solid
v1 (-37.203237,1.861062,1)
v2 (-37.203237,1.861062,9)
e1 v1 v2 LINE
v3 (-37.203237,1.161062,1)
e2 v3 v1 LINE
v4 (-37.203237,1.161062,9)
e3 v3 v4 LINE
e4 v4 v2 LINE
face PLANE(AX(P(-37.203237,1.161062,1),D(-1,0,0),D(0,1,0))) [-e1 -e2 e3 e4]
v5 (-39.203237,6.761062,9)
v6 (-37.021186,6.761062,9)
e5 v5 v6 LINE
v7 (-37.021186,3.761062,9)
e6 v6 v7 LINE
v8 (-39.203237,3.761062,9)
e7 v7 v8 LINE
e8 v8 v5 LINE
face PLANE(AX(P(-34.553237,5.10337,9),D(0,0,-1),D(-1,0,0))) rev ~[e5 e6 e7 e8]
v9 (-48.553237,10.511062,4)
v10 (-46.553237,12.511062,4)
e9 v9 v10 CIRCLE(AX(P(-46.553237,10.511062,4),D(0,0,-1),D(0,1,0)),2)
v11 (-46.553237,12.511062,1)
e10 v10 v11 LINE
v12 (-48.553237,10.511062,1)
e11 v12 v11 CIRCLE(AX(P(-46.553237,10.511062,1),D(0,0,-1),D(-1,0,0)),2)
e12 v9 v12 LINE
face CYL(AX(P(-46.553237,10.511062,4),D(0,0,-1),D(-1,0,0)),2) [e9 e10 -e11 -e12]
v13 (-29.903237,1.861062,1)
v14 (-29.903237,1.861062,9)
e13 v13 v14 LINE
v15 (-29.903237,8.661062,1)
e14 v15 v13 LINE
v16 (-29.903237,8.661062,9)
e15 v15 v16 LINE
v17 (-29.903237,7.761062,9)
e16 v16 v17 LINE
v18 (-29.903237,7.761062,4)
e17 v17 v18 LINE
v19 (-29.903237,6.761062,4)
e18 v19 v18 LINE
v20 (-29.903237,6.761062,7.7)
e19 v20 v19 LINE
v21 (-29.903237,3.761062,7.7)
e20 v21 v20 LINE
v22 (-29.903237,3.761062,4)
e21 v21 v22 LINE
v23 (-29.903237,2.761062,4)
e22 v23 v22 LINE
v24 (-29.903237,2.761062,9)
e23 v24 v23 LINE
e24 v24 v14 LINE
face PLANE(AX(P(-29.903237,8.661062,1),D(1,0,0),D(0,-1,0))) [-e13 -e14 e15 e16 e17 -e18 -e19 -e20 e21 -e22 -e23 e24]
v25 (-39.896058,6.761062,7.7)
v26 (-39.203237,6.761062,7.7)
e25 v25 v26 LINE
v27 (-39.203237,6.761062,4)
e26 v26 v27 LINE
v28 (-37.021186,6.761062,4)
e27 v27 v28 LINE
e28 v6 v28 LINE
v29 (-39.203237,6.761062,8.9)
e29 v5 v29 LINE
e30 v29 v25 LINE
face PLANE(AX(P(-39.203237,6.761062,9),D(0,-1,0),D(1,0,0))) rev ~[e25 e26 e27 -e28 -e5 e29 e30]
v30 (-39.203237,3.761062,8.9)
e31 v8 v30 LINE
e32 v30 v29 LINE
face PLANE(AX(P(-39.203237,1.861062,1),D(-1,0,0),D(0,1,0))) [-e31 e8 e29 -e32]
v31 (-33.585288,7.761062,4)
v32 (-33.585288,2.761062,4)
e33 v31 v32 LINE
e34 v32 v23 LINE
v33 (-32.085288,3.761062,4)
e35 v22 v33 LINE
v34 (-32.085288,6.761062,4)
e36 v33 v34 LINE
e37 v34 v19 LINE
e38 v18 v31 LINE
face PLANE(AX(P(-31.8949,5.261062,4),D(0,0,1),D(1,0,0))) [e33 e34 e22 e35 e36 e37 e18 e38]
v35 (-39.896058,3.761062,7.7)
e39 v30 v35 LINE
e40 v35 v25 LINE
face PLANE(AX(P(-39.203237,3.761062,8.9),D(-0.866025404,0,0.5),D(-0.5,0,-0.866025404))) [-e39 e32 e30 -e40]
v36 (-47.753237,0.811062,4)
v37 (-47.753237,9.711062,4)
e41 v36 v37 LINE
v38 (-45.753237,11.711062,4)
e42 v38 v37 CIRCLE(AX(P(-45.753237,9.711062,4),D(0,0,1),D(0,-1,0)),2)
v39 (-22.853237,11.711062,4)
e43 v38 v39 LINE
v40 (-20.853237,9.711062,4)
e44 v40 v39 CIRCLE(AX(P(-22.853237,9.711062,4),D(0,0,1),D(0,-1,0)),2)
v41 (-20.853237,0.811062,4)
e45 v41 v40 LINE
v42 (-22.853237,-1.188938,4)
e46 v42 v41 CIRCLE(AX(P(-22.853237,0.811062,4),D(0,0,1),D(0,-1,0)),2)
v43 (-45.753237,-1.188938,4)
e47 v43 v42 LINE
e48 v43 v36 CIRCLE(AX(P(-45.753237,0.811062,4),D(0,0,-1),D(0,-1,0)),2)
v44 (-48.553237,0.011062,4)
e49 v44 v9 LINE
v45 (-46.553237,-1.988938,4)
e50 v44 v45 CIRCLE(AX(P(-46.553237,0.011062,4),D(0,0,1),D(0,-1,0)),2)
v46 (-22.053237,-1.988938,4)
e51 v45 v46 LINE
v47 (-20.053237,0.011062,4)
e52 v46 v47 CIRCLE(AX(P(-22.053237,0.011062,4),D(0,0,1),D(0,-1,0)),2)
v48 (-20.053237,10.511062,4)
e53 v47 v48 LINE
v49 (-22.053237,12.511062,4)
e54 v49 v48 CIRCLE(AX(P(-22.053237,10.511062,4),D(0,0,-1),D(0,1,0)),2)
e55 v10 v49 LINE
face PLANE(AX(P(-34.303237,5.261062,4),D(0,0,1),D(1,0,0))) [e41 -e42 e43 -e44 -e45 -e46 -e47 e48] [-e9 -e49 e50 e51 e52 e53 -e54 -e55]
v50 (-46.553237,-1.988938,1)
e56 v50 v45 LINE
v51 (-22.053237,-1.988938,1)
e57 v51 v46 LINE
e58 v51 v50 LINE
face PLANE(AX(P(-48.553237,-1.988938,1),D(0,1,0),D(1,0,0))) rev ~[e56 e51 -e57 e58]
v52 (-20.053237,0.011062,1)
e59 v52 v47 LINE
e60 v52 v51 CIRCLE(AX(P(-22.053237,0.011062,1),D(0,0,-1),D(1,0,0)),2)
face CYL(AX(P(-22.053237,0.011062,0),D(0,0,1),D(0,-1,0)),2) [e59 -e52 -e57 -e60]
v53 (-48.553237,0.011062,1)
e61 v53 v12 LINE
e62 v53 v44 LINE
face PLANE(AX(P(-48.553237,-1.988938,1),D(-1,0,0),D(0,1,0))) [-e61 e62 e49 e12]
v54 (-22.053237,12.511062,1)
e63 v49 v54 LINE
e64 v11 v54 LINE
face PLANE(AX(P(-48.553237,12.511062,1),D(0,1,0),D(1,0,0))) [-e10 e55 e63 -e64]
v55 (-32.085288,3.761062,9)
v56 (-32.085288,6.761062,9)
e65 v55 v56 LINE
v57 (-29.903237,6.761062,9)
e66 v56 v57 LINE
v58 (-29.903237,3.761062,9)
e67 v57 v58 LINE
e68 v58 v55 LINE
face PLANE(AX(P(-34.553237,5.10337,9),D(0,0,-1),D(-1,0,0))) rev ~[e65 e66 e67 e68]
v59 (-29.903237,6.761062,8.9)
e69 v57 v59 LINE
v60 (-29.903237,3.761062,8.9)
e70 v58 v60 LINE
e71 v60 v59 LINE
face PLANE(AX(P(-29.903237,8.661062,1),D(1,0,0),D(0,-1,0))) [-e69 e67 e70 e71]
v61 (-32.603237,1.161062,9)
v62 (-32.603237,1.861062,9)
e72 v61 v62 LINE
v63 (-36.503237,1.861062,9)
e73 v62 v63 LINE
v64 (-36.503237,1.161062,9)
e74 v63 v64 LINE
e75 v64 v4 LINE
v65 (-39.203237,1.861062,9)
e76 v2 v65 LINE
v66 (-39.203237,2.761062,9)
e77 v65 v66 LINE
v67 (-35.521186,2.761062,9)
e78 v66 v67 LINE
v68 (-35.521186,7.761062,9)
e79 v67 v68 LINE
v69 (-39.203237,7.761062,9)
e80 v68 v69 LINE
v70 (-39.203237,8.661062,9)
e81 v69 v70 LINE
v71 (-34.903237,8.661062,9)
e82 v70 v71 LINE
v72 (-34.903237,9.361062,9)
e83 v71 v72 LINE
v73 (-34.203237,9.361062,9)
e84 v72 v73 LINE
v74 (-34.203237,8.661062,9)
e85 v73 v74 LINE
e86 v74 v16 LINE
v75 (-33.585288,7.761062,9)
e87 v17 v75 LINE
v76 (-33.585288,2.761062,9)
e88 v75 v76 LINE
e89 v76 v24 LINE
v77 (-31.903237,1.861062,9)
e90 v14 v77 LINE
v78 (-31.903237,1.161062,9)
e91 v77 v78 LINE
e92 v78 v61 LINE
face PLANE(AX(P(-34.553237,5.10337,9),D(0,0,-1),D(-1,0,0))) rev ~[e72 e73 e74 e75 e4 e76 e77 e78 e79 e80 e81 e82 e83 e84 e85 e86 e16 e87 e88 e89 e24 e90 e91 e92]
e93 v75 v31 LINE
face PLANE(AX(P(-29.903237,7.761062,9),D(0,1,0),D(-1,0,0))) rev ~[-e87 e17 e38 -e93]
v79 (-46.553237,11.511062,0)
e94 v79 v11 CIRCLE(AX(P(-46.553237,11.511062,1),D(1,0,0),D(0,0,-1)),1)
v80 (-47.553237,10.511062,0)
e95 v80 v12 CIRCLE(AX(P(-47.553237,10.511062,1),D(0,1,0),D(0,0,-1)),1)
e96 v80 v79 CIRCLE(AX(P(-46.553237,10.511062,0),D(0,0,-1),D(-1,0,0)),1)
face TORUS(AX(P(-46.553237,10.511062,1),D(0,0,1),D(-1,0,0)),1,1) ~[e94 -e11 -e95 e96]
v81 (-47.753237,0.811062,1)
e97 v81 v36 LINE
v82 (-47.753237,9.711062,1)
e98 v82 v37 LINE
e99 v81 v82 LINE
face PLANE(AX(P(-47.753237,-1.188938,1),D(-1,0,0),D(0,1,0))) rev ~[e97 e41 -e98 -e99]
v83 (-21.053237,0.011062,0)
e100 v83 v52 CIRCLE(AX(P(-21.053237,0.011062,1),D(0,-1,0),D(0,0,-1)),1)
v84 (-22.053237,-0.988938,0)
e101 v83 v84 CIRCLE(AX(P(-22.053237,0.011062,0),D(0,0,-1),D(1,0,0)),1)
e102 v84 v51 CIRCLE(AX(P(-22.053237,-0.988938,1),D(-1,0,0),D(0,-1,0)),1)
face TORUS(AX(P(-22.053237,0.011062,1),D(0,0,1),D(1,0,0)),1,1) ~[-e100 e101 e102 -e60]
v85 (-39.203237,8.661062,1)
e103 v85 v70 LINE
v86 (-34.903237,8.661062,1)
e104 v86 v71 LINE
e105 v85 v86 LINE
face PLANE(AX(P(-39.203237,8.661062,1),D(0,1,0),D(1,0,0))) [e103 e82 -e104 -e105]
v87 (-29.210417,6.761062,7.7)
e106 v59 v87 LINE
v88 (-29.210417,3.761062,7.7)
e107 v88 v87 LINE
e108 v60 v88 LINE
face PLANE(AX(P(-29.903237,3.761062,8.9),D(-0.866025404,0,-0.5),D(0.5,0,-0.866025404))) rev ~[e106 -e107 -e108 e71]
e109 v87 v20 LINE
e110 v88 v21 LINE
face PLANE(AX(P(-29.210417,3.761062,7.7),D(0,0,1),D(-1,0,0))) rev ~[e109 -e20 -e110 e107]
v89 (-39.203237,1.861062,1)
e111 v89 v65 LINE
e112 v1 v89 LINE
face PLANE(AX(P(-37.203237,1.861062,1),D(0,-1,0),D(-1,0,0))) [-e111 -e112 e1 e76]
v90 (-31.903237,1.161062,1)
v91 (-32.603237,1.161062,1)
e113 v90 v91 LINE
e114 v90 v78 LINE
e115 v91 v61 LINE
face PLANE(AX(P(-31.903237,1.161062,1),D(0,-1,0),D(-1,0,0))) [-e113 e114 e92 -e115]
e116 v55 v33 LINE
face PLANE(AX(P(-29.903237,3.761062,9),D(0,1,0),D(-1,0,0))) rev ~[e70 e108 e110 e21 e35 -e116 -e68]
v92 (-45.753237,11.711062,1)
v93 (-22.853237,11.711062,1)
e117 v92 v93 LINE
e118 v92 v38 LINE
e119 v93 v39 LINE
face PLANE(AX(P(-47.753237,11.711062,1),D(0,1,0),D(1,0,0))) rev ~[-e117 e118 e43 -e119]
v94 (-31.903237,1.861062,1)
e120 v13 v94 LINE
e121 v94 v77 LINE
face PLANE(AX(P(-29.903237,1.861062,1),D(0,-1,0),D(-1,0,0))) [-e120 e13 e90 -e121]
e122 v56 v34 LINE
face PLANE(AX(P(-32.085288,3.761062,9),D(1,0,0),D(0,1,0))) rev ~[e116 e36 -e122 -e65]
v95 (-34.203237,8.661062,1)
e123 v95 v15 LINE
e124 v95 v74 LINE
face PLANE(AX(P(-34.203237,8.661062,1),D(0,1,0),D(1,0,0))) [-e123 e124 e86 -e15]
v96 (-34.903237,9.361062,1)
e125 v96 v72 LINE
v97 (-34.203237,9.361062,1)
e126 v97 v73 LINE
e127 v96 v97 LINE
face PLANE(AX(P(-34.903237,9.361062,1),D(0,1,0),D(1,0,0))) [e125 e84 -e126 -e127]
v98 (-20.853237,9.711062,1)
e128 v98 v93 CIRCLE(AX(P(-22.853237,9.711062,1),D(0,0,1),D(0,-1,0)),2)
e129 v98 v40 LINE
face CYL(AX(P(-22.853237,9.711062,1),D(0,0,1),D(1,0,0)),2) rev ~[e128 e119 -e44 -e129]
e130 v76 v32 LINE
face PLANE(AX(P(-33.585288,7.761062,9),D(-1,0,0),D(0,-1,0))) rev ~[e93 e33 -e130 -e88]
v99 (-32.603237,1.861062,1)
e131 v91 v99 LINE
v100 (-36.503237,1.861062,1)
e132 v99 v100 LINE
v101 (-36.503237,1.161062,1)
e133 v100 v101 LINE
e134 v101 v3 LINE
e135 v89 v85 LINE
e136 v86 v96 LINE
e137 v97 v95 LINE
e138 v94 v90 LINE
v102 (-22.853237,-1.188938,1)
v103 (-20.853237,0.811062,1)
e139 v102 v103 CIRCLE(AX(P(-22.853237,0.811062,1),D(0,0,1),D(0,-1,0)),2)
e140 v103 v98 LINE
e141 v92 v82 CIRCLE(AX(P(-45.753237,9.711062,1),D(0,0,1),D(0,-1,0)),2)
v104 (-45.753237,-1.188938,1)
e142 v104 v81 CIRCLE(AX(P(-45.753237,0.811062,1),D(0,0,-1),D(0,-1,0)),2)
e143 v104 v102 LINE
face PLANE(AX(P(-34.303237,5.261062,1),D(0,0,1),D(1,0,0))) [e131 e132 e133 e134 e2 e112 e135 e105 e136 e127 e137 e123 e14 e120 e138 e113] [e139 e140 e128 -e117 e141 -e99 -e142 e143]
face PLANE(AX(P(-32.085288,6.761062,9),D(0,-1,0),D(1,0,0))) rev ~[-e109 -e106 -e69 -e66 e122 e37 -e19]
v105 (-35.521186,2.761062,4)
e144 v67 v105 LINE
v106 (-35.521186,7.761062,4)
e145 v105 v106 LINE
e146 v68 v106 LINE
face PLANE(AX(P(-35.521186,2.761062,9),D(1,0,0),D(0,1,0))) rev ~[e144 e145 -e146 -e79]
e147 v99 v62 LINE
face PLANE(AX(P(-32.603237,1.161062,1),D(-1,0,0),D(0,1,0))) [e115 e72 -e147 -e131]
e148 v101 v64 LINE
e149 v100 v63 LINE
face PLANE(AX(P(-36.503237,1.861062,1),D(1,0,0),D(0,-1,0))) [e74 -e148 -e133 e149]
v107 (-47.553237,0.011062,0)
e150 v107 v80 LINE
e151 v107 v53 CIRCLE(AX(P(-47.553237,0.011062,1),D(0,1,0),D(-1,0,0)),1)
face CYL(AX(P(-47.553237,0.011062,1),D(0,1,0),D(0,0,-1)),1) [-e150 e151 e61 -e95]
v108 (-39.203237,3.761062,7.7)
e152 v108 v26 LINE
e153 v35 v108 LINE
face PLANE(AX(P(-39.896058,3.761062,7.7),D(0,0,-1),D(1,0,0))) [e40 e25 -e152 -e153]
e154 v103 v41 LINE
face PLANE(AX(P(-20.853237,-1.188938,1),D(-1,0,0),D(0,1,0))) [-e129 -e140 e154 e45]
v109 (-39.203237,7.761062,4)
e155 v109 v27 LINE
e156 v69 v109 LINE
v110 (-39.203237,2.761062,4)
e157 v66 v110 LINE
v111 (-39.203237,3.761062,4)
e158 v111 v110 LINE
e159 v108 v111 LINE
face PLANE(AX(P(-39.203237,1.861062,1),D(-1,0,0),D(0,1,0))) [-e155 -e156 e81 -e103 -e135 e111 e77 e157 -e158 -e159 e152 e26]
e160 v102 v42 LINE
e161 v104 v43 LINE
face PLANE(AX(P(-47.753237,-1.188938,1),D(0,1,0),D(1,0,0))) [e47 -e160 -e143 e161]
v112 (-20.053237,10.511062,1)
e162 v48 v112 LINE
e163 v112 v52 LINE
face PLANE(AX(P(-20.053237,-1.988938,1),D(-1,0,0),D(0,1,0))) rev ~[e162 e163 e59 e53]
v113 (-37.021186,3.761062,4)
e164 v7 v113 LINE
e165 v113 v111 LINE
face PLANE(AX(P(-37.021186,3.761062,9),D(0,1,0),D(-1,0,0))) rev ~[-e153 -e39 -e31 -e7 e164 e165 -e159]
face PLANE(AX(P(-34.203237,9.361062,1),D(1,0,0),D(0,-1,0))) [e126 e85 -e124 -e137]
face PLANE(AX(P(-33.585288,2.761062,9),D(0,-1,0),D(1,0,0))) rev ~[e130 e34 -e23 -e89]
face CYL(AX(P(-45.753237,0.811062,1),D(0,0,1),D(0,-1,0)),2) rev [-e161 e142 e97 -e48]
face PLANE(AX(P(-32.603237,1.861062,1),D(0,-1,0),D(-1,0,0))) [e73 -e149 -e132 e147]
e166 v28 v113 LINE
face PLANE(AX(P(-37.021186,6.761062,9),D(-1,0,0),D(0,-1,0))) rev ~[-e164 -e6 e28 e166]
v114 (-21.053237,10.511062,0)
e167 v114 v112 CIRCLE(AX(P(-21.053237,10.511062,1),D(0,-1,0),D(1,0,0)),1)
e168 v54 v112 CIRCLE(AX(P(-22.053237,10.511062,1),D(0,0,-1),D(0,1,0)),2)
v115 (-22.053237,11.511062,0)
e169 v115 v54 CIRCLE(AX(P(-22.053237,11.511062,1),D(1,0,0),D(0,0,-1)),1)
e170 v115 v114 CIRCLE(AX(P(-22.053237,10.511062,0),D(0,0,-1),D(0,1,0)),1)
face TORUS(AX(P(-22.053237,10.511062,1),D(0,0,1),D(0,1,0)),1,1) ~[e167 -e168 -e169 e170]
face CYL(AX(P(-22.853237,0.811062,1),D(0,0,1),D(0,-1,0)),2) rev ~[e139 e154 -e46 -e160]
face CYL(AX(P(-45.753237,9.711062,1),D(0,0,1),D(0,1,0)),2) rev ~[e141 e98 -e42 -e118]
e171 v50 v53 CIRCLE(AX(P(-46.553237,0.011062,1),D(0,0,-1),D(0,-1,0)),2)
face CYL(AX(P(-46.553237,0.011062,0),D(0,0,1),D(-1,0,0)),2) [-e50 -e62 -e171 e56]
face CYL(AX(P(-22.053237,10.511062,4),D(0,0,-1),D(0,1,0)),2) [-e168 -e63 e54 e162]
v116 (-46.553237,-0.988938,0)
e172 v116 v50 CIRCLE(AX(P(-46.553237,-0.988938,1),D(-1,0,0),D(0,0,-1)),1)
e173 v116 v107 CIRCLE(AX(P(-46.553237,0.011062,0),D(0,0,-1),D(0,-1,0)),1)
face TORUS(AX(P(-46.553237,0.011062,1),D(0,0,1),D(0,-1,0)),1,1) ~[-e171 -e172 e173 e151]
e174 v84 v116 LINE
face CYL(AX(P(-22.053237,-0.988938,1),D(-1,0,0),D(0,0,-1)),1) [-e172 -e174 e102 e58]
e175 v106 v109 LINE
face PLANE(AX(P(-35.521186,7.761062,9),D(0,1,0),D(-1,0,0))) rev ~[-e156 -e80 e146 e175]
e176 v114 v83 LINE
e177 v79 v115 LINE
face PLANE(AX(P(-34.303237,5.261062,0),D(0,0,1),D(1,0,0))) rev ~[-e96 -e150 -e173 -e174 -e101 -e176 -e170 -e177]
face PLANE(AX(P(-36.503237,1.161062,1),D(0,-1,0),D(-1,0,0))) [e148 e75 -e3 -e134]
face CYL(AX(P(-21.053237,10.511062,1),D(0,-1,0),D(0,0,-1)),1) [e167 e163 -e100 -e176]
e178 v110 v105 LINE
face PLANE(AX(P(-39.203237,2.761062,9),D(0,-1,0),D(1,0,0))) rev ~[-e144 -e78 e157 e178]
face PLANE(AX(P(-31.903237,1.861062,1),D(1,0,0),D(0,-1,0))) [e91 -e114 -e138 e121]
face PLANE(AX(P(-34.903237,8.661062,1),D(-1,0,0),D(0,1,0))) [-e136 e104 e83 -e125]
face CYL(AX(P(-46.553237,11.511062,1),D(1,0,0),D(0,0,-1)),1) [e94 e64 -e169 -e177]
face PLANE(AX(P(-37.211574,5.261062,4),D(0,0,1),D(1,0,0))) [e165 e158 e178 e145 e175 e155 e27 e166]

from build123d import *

# Parameters (mm, degrees)
CROQUIS1_W              = 28.5
CROQUIS1_H              = 14.5
SALIENTE_EXTRUIR1_DEPTH = 1
CROQUIS2_W              = 28.5
CROQUIS2_H              = 14.5
CROQUIS2_W_2            = 26.9
CROQUIS2_H_2            = 12.9
SALIENTE_EXTRUIR2_DEPTH = 3
SALIENTE_EXTRUIR3_DEPTH = 8
CORTAR_EXTRUIR1_DEPTH   = 5
SALIENTE_EXTRUIR4_DEPTH = 3
REDONDEO1_R             = 2
REDONDEO2_R             = 1


with BuildPart() as part:
    # Croquis1 → Saliente-Extruir1 (new body)
    with BuildSketch(Plane.XY):
        with Locations((-34.303237222, 5.261061947)):
            Rectangle(CROQUIS1_W, CROQUIS1_H)
    extrude(amount=SALIENTE_EXTRUIR1_DEPTH)

    # Croquis2 → Saliente-Extruir2 (add)
    with BuildSketch(Plane.XY.offset(1)):
        with Locations((-34.303237222, 5.261061947)):
            Rectangle(CROQUIS2_W, CROQUIS2_H)
        with Locations((-34.303237222, 5.261061947)):
            Rectangle(CROQUIS2_W_2, CROQUIS2_H_2, mode=Mode.SUBTRACT)
    extrude(amount=SALIENTE_EXTRUIR2_DEPTH)

    # Croquis3 → Saliente-Extruir3 (add)
    with BuildSketch(Plane.XY.offset(1)):
        Polygon((-39.203237222, 8.661061947), (-34.903237222, 8.661061947), (-34.903237222, 9.361061947), (-34.203237222, 9.361061947), (-34.203237222, 8.661061947), (-29.903237222, 8.661061947), (-29.903237222, 1.861061947), (-31.903237222, 1.861061947), (-31.903237222, 1.161061947), (-32.603237222, 1.161061947), (-32.603237222, 1.861061947), (-36.503237222, 1.861061947), (-36.503237222, 1.161061947), (-37.203237222, 1.161061947), (-37.203237222, 1.861061947), (-39.203237222, 1.861061947), align=None)
    extrude(amount=SALIENTE_EXTRUIR3_DEPTH)

    # Croquis4 → Cortar-Extruir1 (cut)
    with BuildSketch(Plane.XY.offset(9)):
        Polygon((-39.203237222, 6.761061947), (-37.021186236, 6.761061947), (-37.021186236, 5.261061947), (-37.021186236, 3.761061947), (-39.203237222, 3.761061947), (-39.203237222, 2.761061947), (-35.521186236, 2.761061947), (-35.521186236, 5.261061947), (-35.521186236, 7.761061947), (-39.203237222, 7.761061947), align=None)
        Polygon((-29.903237222, 3.761061947), (-32.085288209, 3.761061947), (-32.085288209, 5.261061947), (-32.085288209, 6.761061947), (-29.903237222, 6.761061947), (-29.903237222, 7.761061947), (-33.585288209, 7.761061947), (-33.585288209, 5.261061947), (-33.585288209, 2.761061947), (-29.903237222, 2.761061947), align=None)
    extrude(amount=-CORTAR_EXTRUIR1_DEPTH, mode=Mode.SUBTRACT)

    # Croquis5 → Saliente-Extruir4 (add)
    with BuildSketch(Plane.XZ.offset(-3.761061947)):
        Polygon((-39.203237222, 8.9), (-39.896057545, 7.7), (-39.203237222, 7.7), align=None)
        Polygon((-29.903237222, 7.7), (-29.903237222, 8.9), (-29.210416899, 7.7), align=None)
    extrude(amount=-SALIENTE_EXTRUIR4_DEPTH)

    # Redondeo1
    redondeo1_edges = [part.edges().sort_by_distance(p)[0] for p in [
        (-47.753237222, 11.711061947, 2.5),
        (-47.753237222, -1.188938053, 2.5),
        (-20.853237222, -1.188938053, 2.5),
        (-20.853237222, 11.711061947, 2.5),
        (-48.553237222, 12.511061947, 2),
        (-20.053237222, 12.511061947, 2),
        (-20.053237222, -1.988938053, 2),
        (-48.553237222, -1.988938053, 2),
    ]]
    fillet(redondeo1_edges, radius=REDONDEO1_R)

    # Redondeo2
    redondeo2_edges = [part.edges().sort_by_distance(p)[0] for p in [
        (-34.303237222, 12.511061947, 0),
        (-48.553237222, 5.261061947, 0),
        (-20.053237222, 5.261061947, 0),
        (-34.303237222, -1.988938053, 0),
        (-47.967450785, -1.403151615, 0),
        (-47.967450785, 11.925275509, 0),
        (-20.63902366, -1.403151615, 0),
        (-20.63902366, 11.925275509, 0),
    ]]
    fillet(redondeo2_edges, radius=REDONDEO2_R)


solid = part.part
